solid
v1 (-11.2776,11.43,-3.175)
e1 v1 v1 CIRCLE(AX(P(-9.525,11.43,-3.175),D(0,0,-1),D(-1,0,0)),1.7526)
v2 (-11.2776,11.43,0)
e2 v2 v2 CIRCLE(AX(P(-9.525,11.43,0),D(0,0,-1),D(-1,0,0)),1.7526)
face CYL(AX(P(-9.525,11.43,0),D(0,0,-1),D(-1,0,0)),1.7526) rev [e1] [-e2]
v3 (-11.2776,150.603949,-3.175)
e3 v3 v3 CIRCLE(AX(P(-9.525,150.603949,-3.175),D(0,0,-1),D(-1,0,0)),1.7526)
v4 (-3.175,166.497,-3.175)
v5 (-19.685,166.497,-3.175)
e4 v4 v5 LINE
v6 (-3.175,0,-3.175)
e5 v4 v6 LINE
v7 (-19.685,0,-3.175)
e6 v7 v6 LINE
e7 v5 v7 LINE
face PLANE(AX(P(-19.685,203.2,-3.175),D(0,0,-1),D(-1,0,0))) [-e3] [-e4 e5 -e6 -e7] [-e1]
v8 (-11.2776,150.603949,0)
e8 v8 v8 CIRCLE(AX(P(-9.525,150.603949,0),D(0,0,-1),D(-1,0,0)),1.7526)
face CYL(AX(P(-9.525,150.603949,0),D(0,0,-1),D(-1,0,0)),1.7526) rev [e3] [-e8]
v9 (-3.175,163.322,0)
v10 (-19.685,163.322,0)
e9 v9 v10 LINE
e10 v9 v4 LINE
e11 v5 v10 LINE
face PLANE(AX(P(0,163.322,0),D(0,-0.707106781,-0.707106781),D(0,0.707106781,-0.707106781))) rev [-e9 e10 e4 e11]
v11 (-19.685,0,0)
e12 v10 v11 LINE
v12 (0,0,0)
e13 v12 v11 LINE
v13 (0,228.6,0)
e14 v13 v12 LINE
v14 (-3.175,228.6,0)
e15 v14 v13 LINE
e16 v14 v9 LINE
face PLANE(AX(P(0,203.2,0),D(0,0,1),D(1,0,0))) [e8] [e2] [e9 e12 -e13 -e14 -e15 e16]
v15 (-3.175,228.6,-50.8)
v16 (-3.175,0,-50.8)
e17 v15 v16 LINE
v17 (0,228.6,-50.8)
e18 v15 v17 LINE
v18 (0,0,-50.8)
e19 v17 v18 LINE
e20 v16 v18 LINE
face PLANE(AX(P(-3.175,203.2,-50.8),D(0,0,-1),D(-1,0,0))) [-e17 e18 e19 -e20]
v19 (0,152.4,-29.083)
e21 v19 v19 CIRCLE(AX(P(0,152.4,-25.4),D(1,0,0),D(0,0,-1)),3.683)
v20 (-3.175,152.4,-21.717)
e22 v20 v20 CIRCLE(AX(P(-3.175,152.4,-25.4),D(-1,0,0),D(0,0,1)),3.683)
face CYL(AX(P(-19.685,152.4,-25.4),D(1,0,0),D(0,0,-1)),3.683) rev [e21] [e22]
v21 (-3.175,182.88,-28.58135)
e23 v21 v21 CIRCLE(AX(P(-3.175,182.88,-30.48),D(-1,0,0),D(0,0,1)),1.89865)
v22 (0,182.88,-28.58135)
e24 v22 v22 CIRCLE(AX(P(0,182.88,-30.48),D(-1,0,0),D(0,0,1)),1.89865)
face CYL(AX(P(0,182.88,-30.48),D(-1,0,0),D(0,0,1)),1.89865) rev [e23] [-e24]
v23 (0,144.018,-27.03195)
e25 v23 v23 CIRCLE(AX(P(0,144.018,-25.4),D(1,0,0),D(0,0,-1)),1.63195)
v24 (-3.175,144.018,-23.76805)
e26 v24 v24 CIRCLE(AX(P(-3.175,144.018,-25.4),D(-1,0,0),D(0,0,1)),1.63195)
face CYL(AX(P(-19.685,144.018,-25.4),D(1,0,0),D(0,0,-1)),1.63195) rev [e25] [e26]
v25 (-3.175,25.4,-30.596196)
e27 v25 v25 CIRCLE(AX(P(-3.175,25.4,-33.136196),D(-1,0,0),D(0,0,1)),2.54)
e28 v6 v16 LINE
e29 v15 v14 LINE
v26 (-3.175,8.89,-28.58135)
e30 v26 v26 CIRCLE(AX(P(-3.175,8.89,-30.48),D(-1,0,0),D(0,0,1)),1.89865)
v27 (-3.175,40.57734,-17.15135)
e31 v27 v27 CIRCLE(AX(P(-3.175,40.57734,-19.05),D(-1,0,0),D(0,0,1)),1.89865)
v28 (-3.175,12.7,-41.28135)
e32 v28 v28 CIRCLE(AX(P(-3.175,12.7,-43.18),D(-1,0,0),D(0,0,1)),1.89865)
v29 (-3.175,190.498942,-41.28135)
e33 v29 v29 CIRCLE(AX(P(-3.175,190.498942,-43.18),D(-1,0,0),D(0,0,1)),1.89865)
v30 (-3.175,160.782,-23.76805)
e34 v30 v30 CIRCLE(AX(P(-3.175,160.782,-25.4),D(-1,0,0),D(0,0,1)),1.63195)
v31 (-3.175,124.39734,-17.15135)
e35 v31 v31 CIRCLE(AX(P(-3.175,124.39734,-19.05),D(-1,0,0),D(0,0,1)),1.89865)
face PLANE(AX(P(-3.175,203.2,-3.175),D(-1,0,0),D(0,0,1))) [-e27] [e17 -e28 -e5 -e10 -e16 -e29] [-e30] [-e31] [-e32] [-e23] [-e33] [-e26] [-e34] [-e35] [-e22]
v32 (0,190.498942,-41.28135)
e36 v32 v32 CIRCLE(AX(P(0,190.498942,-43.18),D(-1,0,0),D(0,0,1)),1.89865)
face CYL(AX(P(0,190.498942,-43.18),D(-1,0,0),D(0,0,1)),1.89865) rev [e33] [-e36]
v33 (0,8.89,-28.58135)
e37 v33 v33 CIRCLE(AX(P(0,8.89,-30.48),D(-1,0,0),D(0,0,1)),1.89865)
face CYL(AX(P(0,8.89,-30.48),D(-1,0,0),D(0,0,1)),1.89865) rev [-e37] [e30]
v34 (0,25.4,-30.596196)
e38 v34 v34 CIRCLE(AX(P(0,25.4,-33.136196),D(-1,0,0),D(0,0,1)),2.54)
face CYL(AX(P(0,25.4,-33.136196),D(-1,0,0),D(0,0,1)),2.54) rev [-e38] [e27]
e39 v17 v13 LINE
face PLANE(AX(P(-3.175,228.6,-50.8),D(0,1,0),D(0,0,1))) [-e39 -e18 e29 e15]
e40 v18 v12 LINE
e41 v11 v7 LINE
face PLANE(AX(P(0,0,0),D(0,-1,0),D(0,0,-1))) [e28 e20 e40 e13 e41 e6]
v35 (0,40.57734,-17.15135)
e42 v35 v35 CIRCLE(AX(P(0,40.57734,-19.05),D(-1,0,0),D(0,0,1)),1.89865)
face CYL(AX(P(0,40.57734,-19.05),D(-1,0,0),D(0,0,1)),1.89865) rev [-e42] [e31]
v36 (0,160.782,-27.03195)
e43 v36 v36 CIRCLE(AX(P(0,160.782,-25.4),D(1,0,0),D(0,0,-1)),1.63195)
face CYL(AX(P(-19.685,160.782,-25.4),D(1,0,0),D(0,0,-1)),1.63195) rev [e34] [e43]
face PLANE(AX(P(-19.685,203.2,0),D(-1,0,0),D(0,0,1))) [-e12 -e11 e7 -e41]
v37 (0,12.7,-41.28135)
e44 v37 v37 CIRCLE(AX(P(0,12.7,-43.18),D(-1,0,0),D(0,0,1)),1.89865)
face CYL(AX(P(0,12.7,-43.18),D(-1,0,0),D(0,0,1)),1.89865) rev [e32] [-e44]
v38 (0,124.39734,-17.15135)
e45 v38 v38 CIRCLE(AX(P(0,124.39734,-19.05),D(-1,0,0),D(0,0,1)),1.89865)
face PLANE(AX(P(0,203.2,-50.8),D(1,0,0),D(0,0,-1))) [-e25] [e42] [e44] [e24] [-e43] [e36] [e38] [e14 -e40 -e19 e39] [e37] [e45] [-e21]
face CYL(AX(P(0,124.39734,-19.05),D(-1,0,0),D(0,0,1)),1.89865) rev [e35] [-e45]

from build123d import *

# Parameters (mm, degrees)
BOSS_EXTRUDE1_DEPTH     = 203.2
CUT_EXTRUDE3_DEPTH      = 17.51
CUT_EXTRUDE3_DEPTH_BACK = 4.175
SKETCH7_R               = 3.683
SKETCH7_R_2             = 1.63195
CUT_EXTRUDE4_DEPTH      = 20.685
SKETCH8_R               = 1.89865
CUT_EXTRUDE5_DEPTH      = 4.175
SKETCH9_R               = 1.89865
CUT_EXTRUDE6_DEPTH      = 4.175
SKETCH10_R              = 1.7526
CUT_EXTRUDE7_DEPTH      = 4.175
BOSS_EXTRUDE2_DEPTH     = 3.175
SKETCH12_R              = 2.54
CUT_EXTRUDE8_DEPTH      = 4.175
SKETCH13_R              = 1.89865
CUT_EXTRUDE9_DEPTH      = 4.175


with BuildPart() as part:
    # Sketch1 → Boss-Extrude1 (new body)
    with BuildSketch(Plane(origin=(0, 0, 0), x_dir=(1, 0, 0), z_dir=(0, 1, 0))):
        Polygon((0, 0), (-19.685, 0), (-19.685, 3.175), (-3.175, 3.175), (-3.175, 50.8), (0, 50.8), align=None)
    extrude(amount=BOSS_EXTRUDE1_DEPTH)

    # Sketch5 → Cut-Extrude3 (cut, two sides)
    with BuildSketch(Plane.ZY.offset(3.175)) as cut_extrude3_sk:
        Polygon((0, 163.322), (-50.8, 214.122), (-60.823247691, 214.122), (-60.823247691, 256.047203652), (33.196571846, 256.047203652), (33.196571846, 163.322), align=None)
    extrude(amount=CUT_EXTRUDE3_DEPTH, mode=Mode.SUBTRACT)
    extrude(cut_extrude3_sk.sketch, amount=-CUT_EXTRUDE3_DEPTH_BACK, mode=Mode.SUBTRACT)

    # Sketch7 → Cut-Extrude4 (cut, through all)
    with BuildSketch(Plane(origin=(0, 0, 0), x_dir=(0, 0, -1), z_dir=(1, 0, 0))):
        with Locations((25.4, 152.4)):
            Circle(SKETCH7_R)
        with Locations((25.4, 160.782)):
            Circle(SKETCH7_R_2)
        with Locations((25.4, 144.018)):
            Circle(SKETCH7_R_2)
    extrude(amount=-CUT_EXTRUDE4_DEPTH, mode=Mode.SUBTRACT)

    # Sketch8 → Cut-Extrude5 (cut, through all)
    with BuildSketch(Plane.ZY.offset(3.175)):
        with Locations((-30.48, 182.88)):
            Circle(SKETCH8_R)
        with Locations((-30.48, 8.89)):
            Circle(SKETCH8_R)
    extrude(amount=-CUT_EXTRUDE5_DEPTH, mode=Mode.SUBTRACT)

    # Sketch9 → Cut-Extrude6 (cut, through all)
    with BuildSketch(Plane.ZY.offset(3.175)):
        with Locations((-19.05, 40.577339992)):
            Circle(SKETCH9_R)
        with Locations((-19.05, 124.397339992)):
            Circle(SKETCH9_R)
    extrude(amount=-CUT_EXTRUDE6_DEPTH, mode=Mode.SUBTRACT)

    # Sketch10 → Cut-Extrude7 (cut, through all)
    with BuildSketch(Plane(origin=(0, 0, -3.175), x_dir=(-1, 0, 0), z_dir=(0, 0, -1))):
        with Locations((9.525, 11.43)):
            Circle(SKETCH10_R)
        with Locations((9.525, 150.603948776)):
            Circle(SKETCH10_R)
    extrude(amount=-CUT_EXTRUDE7_DEPTH, mode=Mode.SUBTRACT)

    # Sketch11 → Boss-Extrude2 (add)
    with BuildSketch(Plane(origin=(0, 0, 0), x_dir=(0, 0, -1), z_dir=(1, 0, 0))):
        Polygon((0, 228.6), (0, 163.322), (39.878, 203.2), (50.8, 203.2), (50.8, 228.6), align=None)
    extrude(amount=-BOSS_EXTRUDE2_DEPTH)

    # Sketch12 → Cut-Extrude8 (cut, through all)
    with BuildSketch(Plane.ZY.offset(3.175)):
        with Locations((-33.136196499, 25.4)):
            Circle(SKETCH12_R)
    extrude(amount=-CUT_EXTRUDE8_DEPTH, mode=Mode.SUBTRACT)

    # Sketch13 → Cut-Extrude9 (cut, through all)
    with BuildSketch(Plane.ZY.offset(3.175)):
        with Locations((-43.18, 12.7)):
            Circle(SKETCH13_R)
        with Locations((-43.18, 190.498941664)):
            Circle(SKETCH13_R)
    extrude(amount=-CUT_EXTRUDE9_DEPTH, mode=Mode.SUBTRACT)


solid = part.part
